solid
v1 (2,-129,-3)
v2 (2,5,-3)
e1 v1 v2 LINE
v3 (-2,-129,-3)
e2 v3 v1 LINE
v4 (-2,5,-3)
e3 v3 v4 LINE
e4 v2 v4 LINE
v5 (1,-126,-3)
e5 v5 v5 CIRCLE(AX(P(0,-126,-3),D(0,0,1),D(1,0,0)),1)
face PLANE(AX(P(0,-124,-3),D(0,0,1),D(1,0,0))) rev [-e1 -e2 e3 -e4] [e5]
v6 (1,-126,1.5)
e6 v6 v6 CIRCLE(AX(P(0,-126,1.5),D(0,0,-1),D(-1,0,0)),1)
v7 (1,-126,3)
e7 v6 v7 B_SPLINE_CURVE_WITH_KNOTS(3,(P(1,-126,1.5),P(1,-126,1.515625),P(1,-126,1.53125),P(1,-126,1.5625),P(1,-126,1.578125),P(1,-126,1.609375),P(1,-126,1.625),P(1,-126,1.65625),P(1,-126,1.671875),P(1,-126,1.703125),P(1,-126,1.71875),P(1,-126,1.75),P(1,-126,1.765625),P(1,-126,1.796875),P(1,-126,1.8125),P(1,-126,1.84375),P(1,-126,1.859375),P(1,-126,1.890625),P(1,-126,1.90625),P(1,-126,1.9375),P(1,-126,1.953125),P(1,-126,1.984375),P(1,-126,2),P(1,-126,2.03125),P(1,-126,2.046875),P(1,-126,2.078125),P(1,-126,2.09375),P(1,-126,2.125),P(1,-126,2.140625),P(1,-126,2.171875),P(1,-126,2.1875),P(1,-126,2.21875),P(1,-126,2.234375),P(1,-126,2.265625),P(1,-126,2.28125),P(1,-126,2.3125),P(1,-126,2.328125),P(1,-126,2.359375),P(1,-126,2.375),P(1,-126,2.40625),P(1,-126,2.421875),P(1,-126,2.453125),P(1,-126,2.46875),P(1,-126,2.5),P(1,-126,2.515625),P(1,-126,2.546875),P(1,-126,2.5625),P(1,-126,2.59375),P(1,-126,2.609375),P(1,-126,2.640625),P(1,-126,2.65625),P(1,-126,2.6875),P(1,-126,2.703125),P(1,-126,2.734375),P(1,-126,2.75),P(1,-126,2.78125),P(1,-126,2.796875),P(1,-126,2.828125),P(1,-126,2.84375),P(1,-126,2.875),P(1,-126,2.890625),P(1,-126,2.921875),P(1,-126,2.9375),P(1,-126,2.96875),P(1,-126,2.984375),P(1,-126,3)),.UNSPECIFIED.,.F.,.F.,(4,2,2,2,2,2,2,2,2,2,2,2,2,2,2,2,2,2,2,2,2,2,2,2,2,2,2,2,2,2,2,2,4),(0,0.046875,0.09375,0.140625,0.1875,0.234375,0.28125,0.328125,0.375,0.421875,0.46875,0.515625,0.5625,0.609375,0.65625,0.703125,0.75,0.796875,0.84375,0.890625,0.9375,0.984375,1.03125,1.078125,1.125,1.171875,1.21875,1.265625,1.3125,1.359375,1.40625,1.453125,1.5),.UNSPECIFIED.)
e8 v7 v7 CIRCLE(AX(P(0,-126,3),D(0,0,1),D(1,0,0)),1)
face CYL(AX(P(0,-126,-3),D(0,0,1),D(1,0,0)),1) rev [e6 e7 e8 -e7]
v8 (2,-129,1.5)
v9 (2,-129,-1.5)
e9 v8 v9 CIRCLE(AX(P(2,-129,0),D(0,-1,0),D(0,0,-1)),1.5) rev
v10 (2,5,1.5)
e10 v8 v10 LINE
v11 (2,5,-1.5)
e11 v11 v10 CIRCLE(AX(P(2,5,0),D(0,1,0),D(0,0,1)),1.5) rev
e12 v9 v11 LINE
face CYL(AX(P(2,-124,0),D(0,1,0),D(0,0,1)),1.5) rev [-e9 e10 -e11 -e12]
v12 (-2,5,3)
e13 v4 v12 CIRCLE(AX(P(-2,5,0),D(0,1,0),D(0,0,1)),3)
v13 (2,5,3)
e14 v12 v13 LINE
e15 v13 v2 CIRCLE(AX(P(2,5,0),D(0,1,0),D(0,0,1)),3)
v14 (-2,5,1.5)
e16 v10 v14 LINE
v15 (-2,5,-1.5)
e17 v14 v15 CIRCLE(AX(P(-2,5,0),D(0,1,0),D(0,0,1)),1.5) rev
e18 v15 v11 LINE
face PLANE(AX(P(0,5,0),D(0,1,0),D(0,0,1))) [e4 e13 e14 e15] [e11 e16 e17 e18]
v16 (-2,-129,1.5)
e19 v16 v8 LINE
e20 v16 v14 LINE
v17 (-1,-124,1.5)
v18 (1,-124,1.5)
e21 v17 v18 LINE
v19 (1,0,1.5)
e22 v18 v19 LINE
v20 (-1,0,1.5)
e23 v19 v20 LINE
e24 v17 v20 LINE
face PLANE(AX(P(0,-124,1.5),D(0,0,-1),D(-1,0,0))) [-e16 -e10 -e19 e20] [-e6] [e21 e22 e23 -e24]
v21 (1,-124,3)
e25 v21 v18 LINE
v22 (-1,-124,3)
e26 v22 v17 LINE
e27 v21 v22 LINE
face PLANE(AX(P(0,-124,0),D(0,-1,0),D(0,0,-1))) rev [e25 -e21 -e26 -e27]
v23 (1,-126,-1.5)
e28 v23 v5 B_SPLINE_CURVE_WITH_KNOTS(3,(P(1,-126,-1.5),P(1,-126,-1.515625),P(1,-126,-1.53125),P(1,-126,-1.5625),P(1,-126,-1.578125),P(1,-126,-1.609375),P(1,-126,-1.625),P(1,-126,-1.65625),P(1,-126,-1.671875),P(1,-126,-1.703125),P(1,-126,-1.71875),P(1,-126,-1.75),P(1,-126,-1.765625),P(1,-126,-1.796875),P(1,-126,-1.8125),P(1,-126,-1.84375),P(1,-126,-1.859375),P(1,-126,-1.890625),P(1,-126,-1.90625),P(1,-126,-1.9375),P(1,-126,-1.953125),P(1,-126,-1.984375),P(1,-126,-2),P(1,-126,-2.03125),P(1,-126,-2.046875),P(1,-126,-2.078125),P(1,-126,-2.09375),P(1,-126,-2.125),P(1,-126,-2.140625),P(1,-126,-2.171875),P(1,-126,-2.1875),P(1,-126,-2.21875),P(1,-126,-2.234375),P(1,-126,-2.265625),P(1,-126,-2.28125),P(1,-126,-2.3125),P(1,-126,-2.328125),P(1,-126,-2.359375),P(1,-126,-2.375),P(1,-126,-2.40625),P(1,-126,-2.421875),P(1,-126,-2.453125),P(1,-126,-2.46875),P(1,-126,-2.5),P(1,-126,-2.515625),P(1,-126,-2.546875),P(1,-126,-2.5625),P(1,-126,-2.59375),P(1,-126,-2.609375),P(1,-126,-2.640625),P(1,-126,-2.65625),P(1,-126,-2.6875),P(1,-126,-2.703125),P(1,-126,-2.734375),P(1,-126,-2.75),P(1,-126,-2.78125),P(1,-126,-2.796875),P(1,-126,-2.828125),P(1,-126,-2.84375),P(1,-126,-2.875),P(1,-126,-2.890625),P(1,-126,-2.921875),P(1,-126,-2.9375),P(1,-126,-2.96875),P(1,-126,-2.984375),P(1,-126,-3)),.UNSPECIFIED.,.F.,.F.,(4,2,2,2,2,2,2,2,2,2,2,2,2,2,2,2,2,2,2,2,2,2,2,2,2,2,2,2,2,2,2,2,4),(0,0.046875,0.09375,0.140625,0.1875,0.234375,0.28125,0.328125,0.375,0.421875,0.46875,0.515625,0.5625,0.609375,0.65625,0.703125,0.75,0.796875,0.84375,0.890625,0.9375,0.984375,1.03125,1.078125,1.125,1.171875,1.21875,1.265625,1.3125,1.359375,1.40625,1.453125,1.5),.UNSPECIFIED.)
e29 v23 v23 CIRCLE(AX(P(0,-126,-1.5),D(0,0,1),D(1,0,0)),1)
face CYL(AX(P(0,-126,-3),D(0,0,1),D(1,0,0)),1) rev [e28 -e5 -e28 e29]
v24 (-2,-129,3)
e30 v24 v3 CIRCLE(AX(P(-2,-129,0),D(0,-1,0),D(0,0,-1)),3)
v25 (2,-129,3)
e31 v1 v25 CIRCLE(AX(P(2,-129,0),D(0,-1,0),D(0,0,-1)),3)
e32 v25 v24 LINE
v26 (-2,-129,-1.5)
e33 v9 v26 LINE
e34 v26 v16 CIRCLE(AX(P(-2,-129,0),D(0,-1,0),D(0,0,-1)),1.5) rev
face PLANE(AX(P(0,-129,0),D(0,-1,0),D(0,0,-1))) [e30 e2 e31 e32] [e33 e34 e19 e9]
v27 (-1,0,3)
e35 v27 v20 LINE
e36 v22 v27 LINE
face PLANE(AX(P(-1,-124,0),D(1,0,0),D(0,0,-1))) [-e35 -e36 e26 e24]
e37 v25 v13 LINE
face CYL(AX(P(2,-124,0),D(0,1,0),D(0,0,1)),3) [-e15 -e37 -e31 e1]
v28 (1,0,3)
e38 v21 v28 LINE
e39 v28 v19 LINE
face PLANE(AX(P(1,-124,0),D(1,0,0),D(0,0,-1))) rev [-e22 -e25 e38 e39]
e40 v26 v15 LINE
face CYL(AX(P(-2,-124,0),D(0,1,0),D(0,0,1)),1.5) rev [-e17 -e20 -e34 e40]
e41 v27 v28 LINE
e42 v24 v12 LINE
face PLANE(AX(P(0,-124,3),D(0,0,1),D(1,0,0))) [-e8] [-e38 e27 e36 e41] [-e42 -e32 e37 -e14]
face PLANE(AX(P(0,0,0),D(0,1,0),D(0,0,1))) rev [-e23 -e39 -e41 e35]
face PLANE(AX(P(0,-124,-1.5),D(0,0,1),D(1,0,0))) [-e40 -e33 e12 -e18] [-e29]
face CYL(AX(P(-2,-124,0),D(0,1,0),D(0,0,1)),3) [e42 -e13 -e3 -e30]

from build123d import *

# Parameters (mm, degrees)
SALIENTE_EXTRUIR1_DEPTH    = 124
SALIENTE_EXTRUIR3_START    = 5
CROQUIS7_W                 = 4
CROQUIS7_H                 = 1.5
CROQUIS7_W_2               = 2
CROQUIS7_W_3               = 1
SALIENTE_EXTRUIR3_DEPTH    = 5
CROQUIS8_W                 = 2
CROQUIS8_H                 = 1.5
CROQUIS8_W_2               = 4
SALIENTE_EXTRUIR4_DEPTH    = 5
CORTAR_EXTRUIR1_DEPTH      = 130.236217834
CORTAR_EXTRUIR1_DEPTH_BACK = 130.236217834
CROQUIS9_R                 = 1


with BuildPart() as part:
    # Croquis1 → Saliente-Extruir1 (new body)
    with BuildSketch(Plane(origin=(0, 0, 0), x_dir=(1, 0, 0), z_dir=(0, 1, 0))):
        with BuildLine():
            Line((-2, 1.5), (0, 1.5))
            Line((0, 1.5), (2, 1.5))
            ThreePointArc((2, 1.5), (3.5, 0), (2, -1.5))
            Line((2, -1.5), (1, -1.5))
            Line((1, -1.5), (1, -3))
            Line((1, -3), (2, -3))
            ThreePointArc((2, -3), (4.121320344, -2.121320344), (5, 0))
            ThreePointArc((5, 0), (4.121320344, 2.121320344), (2, 3))
            Line((2, 3), (0, 3))
            Line((0, 3), (-2, 3))
            ThreePointArc((-2, 3), (-4.121320347, 2.12132034), (-5, -9e-09))
            ThreePointArc((-5, -9e-09), (-4.12132034, -2.121320347), (-2, -3))
            Line((-2, -3), (-1, -3))
            Line((-1, -3), (-1, -1.5))
            Line((-1, -1.5), (-2, -1.5))
            ThreePointArc((-2, -1.5), (-3.5, 0), (-2, 1.5))
        make_face()
    extrude(amount=-SALIENTE_EXTRUIR1_DEPTH)

    # Croquis7 → Saliente-Extruir3 (add)
    with BuildSketch(Plane(origin=(0, 0, 0), x_dir=(1, 0, 0), z_dir=(0, 1, 0)).offset(SALIENTE_EXTRUIR3_START)):
        with Locations((0, 2.25)):
            Rectangle(CROQUIS7_W, CROQUIS7_H)
        with BuildLine():
            Line((-2, 1.5), (-2, 3))
            ThreePointArc((-2, 3), (-5, 0), (-2, -3))
            Line((-2, -3), (-2, -1.5))
            ThreePointArc((-2, -1.5), (-3.5, 0), (-2, 1.5))
        make_face()
        with Locations((0, -2.25)):
            Rectangle(CROQUIS7_W_2, CROQUIS7_H)
        with Locations((-1.5, -2.25)):
            Rectangle(CROQUIS7_W_3, CROQUIS7_H)
        with BuildLine():
            Line((2, 3), (2, 1.5))
            ThreePointArc((2, 1.5), (3.5, 0), (2, -1.5))
            Line((2, -1.5), (1, -1.5))
            Line((1, -1.5), (1, -3))
            Line((1, -3), (2, -3))
            ThreePointArc((2, -3), (5, 0), (2, 3))
        make_face()
    extrude(amount=-SALIENTE_EXTRUIR3_DEPTH)

    # Croquis8 → Saliente-Extruir4 (add)
    with BuildSketch(Plane.XZ.offset(124)):
        with BuildLine():
            Line((-2, -3), (-2, -1.5))
            ThreePointArc((-2, -1.5), (-3.5, 0), (-2, 1.5))
            Line((-2, 1.5), (-1, 1.5))
            Line((-1, 1.5), (-1, 3))
            Line((-1, 3), (-2, 3))
            ThreePointArc((-2, 3), (-5, 0), (-2, -3))
        make_face()
        with Locations((0, 2.25)):
            Rectangle(CROQUIS8_W, CROQUIS8_H)
        with BuildLine():
            Line((2, -1.5), (2, -3))
            ThreePointArc((2, -3), (5, 0), (2, 3))
            Line((2, 3), (1, 3))
            Line((1, 3), (1, 1.5))
            Line((1, 1.5), (2, 1.5))
            ThreePointArc((2, 1.5), (3.5, 0), (2, -1.5))
        make_face()
        with Locations((0, -2.25)):
            Rectangle(CROQUIS8_W_2, CROQUIS8_H)
    extrude(amount=SALIENTE_EXTRUIR4_DEPTH)

    # Croquis9 → Cortar-Extruir1 (cut, two sides: drawn at the far end of the back side and taken through both)
    with BuildSketch(Plane.XY.offset(3).offset(-CORTAR_EXTRUIR1_DEPTH_BACK)):
        with Locations((0, -126)):
            Circle(CROQUIS9_R)
    extrude(amount=CORTAR_EXTRUIR1_DEPTH + CORTAR_EXTRUIR1_DEPTH_BACK, mode=Mode.SUBTRACT)


solid = part.part
